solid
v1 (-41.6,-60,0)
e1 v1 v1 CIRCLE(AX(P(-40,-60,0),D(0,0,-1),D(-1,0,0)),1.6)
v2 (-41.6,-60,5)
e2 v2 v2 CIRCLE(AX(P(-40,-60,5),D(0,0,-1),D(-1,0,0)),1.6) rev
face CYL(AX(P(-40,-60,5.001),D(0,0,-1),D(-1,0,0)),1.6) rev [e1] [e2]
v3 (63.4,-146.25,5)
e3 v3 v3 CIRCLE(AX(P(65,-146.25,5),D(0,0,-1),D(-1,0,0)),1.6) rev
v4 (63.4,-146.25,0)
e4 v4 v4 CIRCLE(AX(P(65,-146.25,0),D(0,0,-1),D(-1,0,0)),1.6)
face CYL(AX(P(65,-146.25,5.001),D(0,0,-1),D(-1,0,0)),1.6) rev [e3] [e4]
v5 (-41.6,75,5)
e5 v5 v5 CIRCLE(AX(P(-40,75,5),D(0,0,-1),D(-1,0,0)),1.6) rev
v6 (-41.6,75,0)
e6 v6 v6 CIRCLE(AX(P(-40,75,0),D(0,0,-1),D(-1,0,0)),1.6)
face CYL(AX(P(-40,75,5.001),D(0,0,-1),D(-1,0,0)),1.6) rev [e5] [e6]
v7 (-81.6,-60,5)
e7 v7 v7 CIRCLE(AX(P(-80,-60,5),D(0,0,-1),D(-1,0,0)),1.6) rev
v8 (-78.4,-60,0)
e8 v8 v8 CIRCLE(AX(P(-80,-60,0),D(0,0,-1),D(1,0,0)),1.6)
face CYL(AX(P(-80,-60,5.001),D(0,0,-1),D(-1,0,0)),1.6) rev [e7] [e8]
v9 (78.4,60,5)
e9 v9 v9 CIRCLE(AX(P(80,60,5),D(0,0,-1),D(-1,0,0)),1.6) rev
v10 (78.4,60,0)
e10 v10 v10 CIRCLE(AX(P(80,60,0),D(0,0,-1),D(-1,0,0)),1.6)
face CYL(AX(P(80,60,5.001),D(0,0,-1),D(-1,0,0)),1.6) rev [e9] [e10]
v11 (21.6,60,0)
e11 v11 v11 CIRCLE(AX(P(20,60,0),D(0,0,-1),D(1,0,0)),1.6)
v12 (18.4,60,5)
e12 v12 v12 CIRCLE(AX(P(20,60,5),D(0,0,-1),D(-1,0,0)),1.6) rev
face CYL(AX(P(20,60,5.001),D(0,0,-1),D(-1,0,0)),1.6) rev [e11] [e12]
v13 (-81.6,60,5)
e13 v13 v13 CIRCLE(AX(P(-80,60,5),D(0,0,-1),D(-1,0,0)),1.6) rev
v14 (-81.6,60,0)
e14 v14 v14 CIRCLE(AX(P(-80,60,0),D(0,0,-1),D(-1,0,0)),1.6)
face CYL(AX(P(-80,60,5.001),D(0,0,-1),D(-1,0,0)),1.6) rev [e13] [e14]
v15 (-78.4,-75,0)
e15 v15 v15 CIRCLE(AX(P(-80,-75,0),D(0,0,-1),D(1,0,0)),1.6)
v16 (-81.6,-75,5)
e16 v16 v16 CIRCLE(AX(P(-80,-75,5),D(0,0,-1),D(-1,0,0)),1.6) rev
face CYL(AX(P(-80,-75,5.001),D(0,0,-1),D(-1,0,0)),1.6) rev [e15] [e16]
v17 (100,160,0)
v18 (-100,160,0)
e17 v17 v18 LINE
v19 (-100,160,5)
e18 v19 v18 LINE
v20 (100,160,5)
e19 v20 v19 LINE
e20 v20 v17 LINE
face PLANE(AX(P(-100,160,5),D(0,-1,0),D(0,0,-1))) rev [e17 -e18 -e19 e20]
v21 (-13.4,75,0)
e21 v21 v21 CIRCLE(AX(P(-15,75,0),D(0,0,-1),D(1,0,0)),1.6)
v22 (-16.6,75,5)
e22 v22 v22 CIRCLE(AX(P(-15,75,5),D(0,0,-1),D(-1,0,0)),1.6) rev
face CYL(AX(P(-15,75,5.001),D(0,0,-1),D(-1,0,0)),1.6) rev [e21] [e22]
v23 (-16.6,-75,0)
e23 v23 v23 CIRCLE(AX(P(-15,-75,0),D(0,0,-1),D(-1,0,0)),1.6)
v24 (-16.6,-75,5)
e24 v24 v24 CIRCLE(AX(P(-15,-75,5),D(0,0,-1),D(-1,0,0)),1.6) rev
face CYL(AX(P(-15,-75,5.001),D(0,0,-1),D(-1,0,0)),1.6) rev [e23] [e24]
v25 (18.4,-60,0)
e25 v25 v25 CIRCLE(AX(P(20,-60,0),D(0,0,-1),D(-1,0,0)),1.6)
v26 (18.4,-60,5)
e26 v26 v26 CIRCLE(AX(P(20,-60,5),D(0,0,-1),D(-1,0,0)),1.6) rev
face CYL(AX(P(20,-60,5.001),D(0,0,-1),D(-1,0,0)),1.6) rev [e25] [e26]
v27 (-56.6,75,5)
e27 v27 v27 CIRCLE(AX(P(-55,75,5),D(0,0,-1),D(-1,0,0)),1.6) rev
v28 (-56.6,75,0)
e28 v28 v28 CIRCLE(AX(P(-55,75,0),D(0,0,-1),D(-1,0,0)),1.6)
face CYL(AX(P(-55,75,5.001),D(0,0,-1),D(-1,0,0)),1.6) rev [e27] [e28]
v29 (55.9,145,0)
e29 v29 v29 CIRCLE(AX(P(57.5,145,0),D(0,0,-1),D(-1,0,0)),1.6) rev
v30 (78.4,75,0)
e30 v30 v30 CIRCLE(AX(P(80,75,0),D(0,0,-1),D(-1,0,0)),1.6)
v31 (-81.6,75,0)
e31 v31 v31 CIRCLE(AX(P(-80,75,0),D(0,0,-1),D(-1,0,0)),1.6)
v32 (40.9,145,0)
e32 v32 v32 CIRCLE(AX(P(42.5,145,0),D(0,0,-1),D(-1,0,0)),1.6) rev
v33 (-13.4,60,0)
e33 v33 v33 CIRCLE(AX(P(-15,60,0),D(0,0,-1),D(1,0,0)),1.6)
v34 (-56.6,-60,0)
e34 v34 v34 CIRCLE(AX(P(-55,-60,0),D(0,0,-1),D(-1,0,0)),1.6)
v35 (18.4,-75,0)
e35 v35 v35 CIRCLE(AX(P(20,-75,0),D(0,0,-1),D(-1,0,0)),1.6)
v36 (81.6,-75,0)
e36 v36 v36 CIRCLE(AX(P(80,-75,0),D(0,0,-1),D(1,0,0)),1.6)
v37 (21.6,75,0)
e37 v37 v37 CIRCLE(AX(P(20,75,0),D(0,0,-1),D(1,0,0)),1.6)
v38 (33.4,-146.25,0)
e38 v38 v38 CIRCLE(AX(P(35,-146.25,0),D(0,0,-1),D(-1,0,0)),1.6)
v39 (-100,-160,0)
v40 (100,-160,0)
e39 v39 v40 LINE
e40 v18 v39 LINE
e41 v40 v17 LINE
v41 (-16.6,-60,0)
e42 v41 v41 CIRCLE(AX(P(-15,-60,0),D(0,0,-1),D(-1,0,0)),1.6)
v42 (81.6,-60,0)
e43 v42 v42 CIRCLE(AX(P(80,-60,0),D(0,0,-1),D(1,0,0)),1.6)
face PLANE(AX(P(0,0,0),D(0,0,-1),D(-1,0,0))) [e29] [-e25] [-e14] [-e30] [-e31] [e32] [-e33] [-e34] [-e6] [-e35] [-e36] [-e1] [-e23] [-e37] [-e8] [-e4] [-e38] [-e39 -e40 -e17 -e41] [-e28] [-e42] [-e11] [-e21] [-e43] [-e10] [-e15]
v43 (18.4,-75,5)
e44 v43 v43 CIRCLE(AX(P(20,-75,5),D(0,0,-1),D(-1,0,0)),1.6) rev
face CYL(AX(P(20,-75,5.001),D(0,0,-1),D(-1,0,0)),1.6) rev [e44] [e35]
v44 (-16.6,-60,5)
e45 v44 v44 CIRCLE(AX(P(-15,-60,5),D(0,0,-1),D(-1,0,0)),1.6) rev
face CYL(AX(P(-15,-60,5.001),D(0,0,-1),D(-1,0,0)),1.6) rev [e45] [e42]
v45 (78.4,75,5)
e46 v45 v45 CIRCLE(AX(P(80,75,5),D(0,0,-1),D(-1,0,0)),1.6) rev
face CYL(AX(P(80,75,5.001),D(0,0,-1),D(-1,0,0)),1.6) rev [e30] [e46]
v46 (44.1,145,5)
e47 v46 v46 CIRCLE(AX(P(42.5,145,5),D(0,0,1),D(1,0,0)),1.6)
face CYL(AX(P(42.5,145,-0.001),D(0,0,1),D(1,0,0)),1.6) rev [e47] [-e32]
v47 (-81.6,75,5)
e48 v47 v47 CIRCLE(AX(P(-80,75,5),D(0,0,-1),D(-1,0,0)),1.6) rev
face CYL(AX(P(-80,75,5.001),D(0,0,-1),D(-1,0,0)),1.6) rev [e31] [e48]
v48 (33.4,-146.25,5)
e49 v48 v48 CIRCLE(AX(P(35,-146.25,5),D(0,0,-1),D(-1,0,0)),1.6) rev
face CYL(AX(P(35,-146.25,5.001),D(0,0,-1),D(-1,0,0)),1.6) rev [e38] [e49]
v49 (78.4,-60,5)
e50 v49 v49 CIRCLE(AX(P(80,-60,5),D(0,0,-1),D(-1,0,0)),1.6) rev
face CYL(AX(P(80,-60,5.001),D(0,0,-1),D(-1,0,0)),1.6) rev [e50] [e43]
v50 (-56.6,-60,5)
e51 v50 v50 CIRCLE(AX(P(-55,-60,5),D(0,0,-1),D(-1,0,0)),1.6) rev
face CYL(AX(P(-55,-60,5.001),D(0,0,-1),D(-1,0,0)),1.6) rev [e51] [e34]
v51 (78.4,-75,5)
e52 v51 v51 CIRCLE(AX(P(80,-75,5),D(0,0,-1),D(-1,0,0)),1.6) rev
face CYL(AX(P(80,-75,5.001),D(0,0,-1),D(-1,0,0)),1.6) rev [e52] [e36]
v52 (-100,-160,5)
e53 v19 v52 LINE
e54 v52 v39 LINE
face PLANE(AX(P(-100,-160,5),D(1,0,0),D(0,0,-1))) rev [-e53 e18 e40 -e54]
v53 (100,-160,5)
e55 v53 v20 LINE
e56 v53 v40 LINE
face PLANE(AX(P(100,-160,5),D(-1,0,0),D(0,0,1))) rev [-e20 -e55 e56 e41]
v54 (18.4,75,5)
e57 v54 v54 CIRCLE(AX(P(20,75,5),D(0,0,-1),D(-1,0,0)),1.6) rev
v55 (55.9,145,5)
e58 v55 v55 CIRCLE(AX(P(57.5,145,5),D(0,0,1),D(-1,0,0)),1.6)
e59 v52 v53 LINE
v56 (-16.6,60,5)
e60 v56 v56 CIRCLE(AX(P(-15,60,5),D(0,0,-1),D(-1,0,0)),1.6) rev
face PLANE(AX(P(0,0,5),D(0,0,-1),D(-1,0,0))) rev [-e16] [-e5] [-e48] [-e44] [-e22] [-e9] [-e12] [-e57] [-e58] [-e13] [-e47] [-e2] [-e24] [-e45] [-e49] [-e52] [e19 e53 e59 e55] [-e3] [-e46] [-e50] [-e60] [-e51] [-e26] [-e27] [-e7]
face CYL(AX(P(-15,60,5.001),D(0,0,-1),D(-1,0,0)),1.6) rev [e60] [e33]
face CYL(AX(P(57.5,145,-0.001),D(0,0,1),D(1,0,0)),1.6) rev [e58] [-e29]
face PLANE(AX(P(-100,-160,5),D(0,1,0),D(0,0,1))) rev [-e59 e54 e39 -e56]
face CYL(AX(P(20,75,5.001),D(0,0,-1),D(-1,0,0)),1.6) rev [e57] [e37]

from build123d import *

# Parameters (mm, degrees)
SKETCH1_W           = 200
SKETCH1_H           = 320
BOSS_EXTRUDE1_DEPTH = 5
CUT_EXTRUDE1_REACH  = 7
SKETCH2_R           = 1.6
CUT_EXTRUDE2_REACH  = 7
SKETCH3_R           = 1.6
CUT_EXTRUDE3_REACH  = 7
SKETCH4_R           = 1.6
CUT_EXTRUDE4_REACH  = 7
SKETCH5_R           = 1.6
CUT_EXTRUDE5_REACH  = 7
SKETCH6_R           = 1.6


with BuildPart() as part:
    # Sketch1 → Boss-Extrude1 (new body)
    with BuildSketch(Plane.XY):
        Rectangle(SKETCH1_W, SKETCH1_H)
    extrude(amount=BOSS_EXTRUDE1_DEPTH)

    # Sketch2 → Cut-Extrude1 (cut, up to next)
    with BuildSketch(Plane(origin=(0, 0, 0), x_dir=(-1, 0, 0), z_dir=(0, 0, -1)), mode=Mode.PRIVATE) as cut_extrude1_sk1:
        with Locations((-80, 75)):
            Circle(SKETCH2_R)
    cut_extrude1_tool1 = extrude(cut_extrude1_sk1.sketch, amount=-CUT_EXTRUDE1_REACH, mode=Mode.PRIVATE) & part.part
    add(cut_extrude1_tool1.solids().sort_by_distance((80, 75, 0))[0], mode=Mode.SUBTRACT)
    # Sketch2 → Cut-Extrude1 (cut, up to next)
    with BuildSketch(Plane(origin=(0, 0, 0), x_dir=(-1, 0, 0), z_dir=(0, 0, -1)), mode=Mode.PRIVATE) as cut_extrude1_sk2:
        with Locations((-80, 60)):
            Circle(SKETCH2_R)
    cut_extrude1_tool2 = extrude(cut_extrude1_sk2.sketch, amount=-CUT_EXTRUDE1_REACH, mode=Mode.PRIVATE) & part.part
    add(cut_extrude1_tool2.solids().sort_by_distance((80, 60, 0))[0], mode=Mode.SUBTRACT)
    # Sketch2 → Cut-Extrude1 (cut, up to next)
    with BuildSketch(Plane(origin=(0, 0, 0), x_dir=(-1, 0, 0), z_dir=(0, 0, -1)), mode=Mode.PRIVATE) as cut_extrude1_sk3:
        with Locations((-80, -60)):
            Circle(SKETCH2_R)
    cut_extrude1_tool3 = extrude(cut_extrude1_sk3.sketch, amount=-CUT_EXTRUDE1_REACH, mode=Mode.PRIVATE) & part.part
    add(cut_extrude1_tool3.solids().sort_by_distance((80, -60, 0))[0], mode=Mode.SUBTRACT)
    # Sketch2 → Cut-Extrude1 (cut, up to next)
    with BuildSketch(Plane(origin=(0, 0, 0), x_dir=(-1, 0, 0), z_dir=(0, 0, -1)), mode=Mode.PRIVATE) as cut_extrude1_sk4:
        with Locations((-80, -75)):
            Circle(SKETCH2_R)
    cut_extrude1_tool4 = extrude(cut_extrude1_sk4.sketch, amount=-CUT_EXTRUDE1_REACH, mode=Mode.PRIVATE) & part.part
    add(cut_extrude1_tool4.solids().sort_by_distance((80, -75, 0))[0], mode=Mode.SUBTRACT)
    # Sketch2 → Cut-Extrude1 (cut, up to next)
    with BuildSketch(Plane(origin=(0, 0, 0), x_dir=(-1, 0, 0), z_dir=(0, 0, -1)), mode=Mode.PRIVATE) as cut_extrude1_sk5:
        with Locations((-20, -75)):
            Circle(SKETCH2_R)
    cut_extrude1_tool5 = extrude(cut_extrude1_sk5.sketch, amount=-CUT_EXTRUDE1_REACH, mode=Mode.PRIVATE) & part.part
    add(cut_extrude1_tool5.solids().sort_by_distance((20, -75, 0))[0], mode=Mode.SUBTRACT)
    # Sketch2 → Cut-Extrude1 (cut, up to next)
    with BuildSketch(Plane(origin=(0, 0, 0), x_dir=(-1, 0, 0), z_dir=(0, 0, -1)), mode=Mode.PRIVATE) as cut_extrude1_sk6:
        with Locations((-20, -60)):
            Circle(SKETCH2_R)
    cut_extrude1_tool6 = extrude(cut_extrude1_sk6.sketch, amount=-CUT_EXTRUDE1_REACH, mode=Mode.PRIVATE) & part.part
    add(cut_extrude1_tool6.solids().sort_by_distance((20, -60, 0))[0], mode=Mode.SUBTRACT)
    # Sketch2 → Cut-Extrude1 (cut, up to next)
    with BuildSketch(Plane(origin=(0, 0, 0), x_dir=(-1, 0, 0), z_dir=(0, 0, -1)), mode=Mode.PRIVATE) as cut_extrude1_sk7:
        with Locations((-20, 60)):
            Circle(SKETCH2_R)
    cut_extrude1_tool7 = extrude(cut_extrude1_sk7.sketch, amount=-CUT_EXTRUDE1_REACH, mode=Mode.PRIVATE) & part.part
    add(cut_extrude1_tool7.solids().sort_by_distance((20, 60, 0))[0], mode=Mode.SUBTRACT)
    # Sketch2 → Cut-Extrude1 (cut, up to next)
    with BuildSketch(Plane(origin=(0, 0, 0), x_dir=(-1, 0, 0), z_dir=(0, 0, -1)), mode=Mode.PRIVATE) as cut_extrude1_sk8:
        with Locations((-20, 75)):
            Circle(SKETCH2_R)
    cut_extrude1_tool8 = extrude(cut_extrude1_sk8.sketch, amount=-CUT_EXTRUDE1_REACH, mode=Mode.PRIVATE) & part.part
    add(cut_extrude1_tool8.solids().sort_by_distance((20, 75, 0))[0], mode=Mode.SUBTRACT)

    # Sketch3 → Cut-Extrude2 (cut, up to next)
    with BuildSketch(Plane(origin=(0, 0, 0), x_dir=(-1, 0, 0), z_dir=(0, 0, -1)), mode=Mode.PRIVATE) as cut_extrude2_sk1:
        with Locations((80, 75)):
            Circle(SKETCH3_R)
    cut_extrude2_tool1 = extrude(cut_extrude2_sk1.sketch, amount=-CUT_EXTRUDE2_REACH, mode=Mode.PRIVATE) & part.part
    add(cut_extrude2_tool1.solids().sort_by_distance((-80, 75, 0))[0], mode=Mode.SUBTRACT)
    # Sketch3 → Cut-Extrude2 (cut, up to next)
    with BuildSketch(Plane(origin=(0, 0, 0), x_dir=(-1, 0, 0), z_dir=(0, 0, -1)), mode=Mode.PRIVATE) as cut_extrude2_sk2:
        with Locations((80, 60)):
            Circle(SKETCH3_R)
    cut_extrude2_tool2 = extrude(cut_extrude2_sk2.sketch, amount=-CUT_EXTRUDE2_REACH, mode=Mode.PRIVATE) & part.part
    add(cut_extrude2_tool2.solids().sort_by_distance((-80, 60, 0))[0], mode=Mode.SUBTRACT)
    # Sketch3 → Cut-Extrude2 (cut, up to next)
    with BuildSketch(Plane(origin=(0, 0, 0), x_dir=(-1, 0, 0), z_dir=(0, 0, -1)), mode=Mode.PRIVATE) as cut_extrude2_sk3:
        with Locations((80, -60)):
            Circle(SKETCH3_R)
    cut_extrude2_tool3 = extrude(cut_extrude2_sk3.sketch, amount=-CUT_EXTRUDE2_REACH, mode=Mode.PRIVATE) & part.part
    add(cut_extrude2_tool3.solids().sort_by_distance((-80, -60, 0))[0], mode=Mode.SUBTRACT)
    # Sketch3 → Cut-Extrude2 (cut, up to next)
    with BuildSketch(Plane(origin=(0, 0, 0), x_dir=(-1, 0, 0), z_dir=(0, 0, -1)), mode=Mode.PRIVATE) as cut_extrude2_sk4:
        with Locations((80, -75)):
            Circle(SKETCH3_R)
    cut_extrude2_tool4 = extrude(cut_extrude2_sk4.sketch, amount=-CUT_EXTRUDE2_REACH, mode=Mode.PRIVATE) & part.part
    add(cut_extrude2_tool4.solids().sort_by_distance((-80, -75, 0))[0], mode=Mode.SUBTRACT)
    # Sketch3 → Cut-Extrude2 (cut, up to next)
    with BuildSketch(Plane(origin=(0, 0, 0), x_dir=(-1, 0, 0), z_dir=(0, 0, -1)), mode=Mode.PRIVATE) as cut_extrude2_sk5:
        with Locations((15, 60)):
            Circle(SKETCH3_R)
    cut_extrude2_tool5 = extrude(cut_extrude2_sk5.sketch, amount=-CUT_EXTRUDE2_REACH, mode=Mode.PRIVATE) & part.part
    add(cut_extrude2_tool5.solids().sort_by_distance((-15, 60, 0))[0], mode=Mode.SUBTRACT)
    # Sketch3 → Cut-Extrude2 (cut, up to next)
    with BuildSketch(Plane(origin=(0, 0, 0), x_dir=(-1, 0, 0), z_dir=(0, 0, -1)), mode=Mode.PRIVATE) as cut_extrude2_sk6:
        with Locations((15, -75)):
            Circle(SKETCH3_R)
    cut_extrude2_tool6 = extrude(cut_extrude2_sk6.sketch, amount=-CUT_EXTRUDE2_REACH, mode=Mode.PRIVATE) & part.part
    add(cut_extrude2_tool6.solids().sort_by_distance((-15, -75, 0))[0], mode=Mode.SUBTRACT)
    # Sketch3 → Cut-Extrude2 (cut, up to next)
    with BuildSketch(Plane(origin=(0, 0, 0), x_dir=(-1, 0, 0), z_dir=(0, 0, -1)), mode=Mode.PRIVATE) as cut_extrude2_sk7:
        with Locations((15, -60)):
            Circle(SKETCH3_R)
    cut_extrude2_tool7 = extrude(cut_extrude2_sk7.sketch, amount=-CUT_EXTRUDE2_REACH, mode=Mode.PRIVATE) & part.part
    add(cut_extrude2_tool7.solids().sort_by_distance((-15, -60, 0))[0], mode=Mode.SUBTRACT)
    # Sketch3 → Cut-Extrude2 (cut, up to next)
    with BuildSketch(Plane(origin=(0, 0, 0), x_dir=(-1, 0, 0), z_dir=(0, 0, -1)), mode=Mode.PRIVATE) as cut_extrude2_sk8:
        with Locations((15, 75)):
            Circle(SKETCH3_R)
    cut_extrude2_tool8 = extrude(cut_extrude2_sk8.sketch, amount=-CUT_EXTRUDE2_REACH, mode=Mode.PRIVATE) & part.part
    add(cut_extrude2_tool8.solids().sort_by_distance((-15, 75, 0))[0], mode=Mode.SUBTRACT)

    # Sketch4 → Cut-Extrude3 (cut, up to next)
    with BuildSketch(Plane.XY.offset(5), mode=Mode.PRIVATE) as cut_extrude3_sk1:
        with Locations((42.5, 145)):
            Circle(SKETCH4_R)
    cut_extrude3_tool1 = extrude(cut_extrude3_sk1.sketch, amount=-CUT_EXTRUDE3_REACH, mode=Mode.PRIVATE) & part.part
    add(cut_extrude3_tool1.solids().sort_by_distance((42.5, 145, 5))[0], mode=Mode.SUBTRACT)
    # Sketch4 → Cut-Extrude3 (cut, up to next)
    with BuildSketch(Plane.XY.offset(5), mode=Mode.PRIVATE) as cut_extrude3_sk2:
        with Locations((57.5, 145)):
            Circle(SKETCH4_R)
    cut_extrude3_tool2 = extrude(cut_extrude3_sk2.sketch, amount=-CUT_EXTRUDE3_REACH, mode=Mode.PRIVATE) & part.part
    add(cut_extrude3_tool2.solids().sort_by_distance((57.5, 145, 5))[0], mode=Mode.SUBTRACT)

    # Sketch5 → Cut-Extrude4 (cut, up to next)
    with BuildSketch(Plane(origin=(0, 0, 0), x_dir=(-1, 0, 0), z_dir=(0, 0, -1)), mode=Mode.PRIVATE) as cut_extrude4_sk1:
        with Locations((40, 75)):
            Circle(SKETCH5_R)
    cut_extrude4_tool1 = extrude(cut_extrude4_sk1.sketch, amount=-CUT_EXTRUDE4_REACH, mode=Mode.PRIVATE) & part.part
    add(cut_extrude4_tool1.solids().sort_by_distance((-40, 75, 0))[0], mode=Mode.SUBTRACT)
    # Sketch5 → Cut-Extrude4 (cut, up to next)
    with BuildSketch(Plane(origin=(0, 0, 0), x_dir=(-1, 0, 0), z_dir=(0, 0, -1)), mode=Mode.PRIVATE) as cut_extrude4_sk2:
        with Locations((55, 75)):
            Circle(SKETCH5_R)
    cut_extrude4_tool2 = extrude(cut_extrude4_sk2.sketch, amount=-CUT_EXTRUDE4_REACH, mode=Mode.PRIVATE) & part.part
    add(cut_extrude4_tool2.solids().sort_by_distance((-55, 75, 0))[0], mode=Mode.SUBTRACT)
    # Sketch5 → Cut-Extrude4 (cut, up to next)
    with BuildSketch(Plane(origin=(0, 0, 0), x_dir=(-1, 0, 0), z_dir=(0, 0, -1)), mode=Mode.PRIVATE) as cut_extrude4_sk3:
        with Locations((40, -60)):
            Circle(SKETCH5_R)
    cut_extrude4_tool3 = extrude(cut_extrude4_sk3.sketch, amount=-CUT_EXTRUDE4_REACH, mode=Mode.PRIVATE) & part.part
    add(cut_extrude4_tool3.solids().sort_by_distance((-40, -60, 0))[0], mode=Mode.SUBTRACT)
    # Sketch5 → Cut-Extrude4 (cut, up to next)
    with BuildSketch(Plane(origin=(0, 0, 0), x_dir=(-1, 0, 0), z_dir=(0, 0, -1)), mode=Mode.PRIVATE) as cut_extrude4_sk4:
        with Locations((55, -60)):
            Circle(SKETCH5_R)
    cut_extrude4_tool4 = extrude(cut_extrude4_sk4.sketch, amount=-CUT_EXTRUDE4_REACH, mode=Mode.PRIVATE) & part.part
    add(cut_extrude4_tool4.solids().sort_by_distance((-55, -60, 0))[0], mode=Mode.SUBTRACT)

    # Sketch6 → Cut-Extrude5 (cut, up to next)
    with BuildSketch(Plane(origin=(0, 0, 0), x_dir=(-1, 0, 0), z_dir=(0, 0, -1)), mode=Mode.PRIVATE) as cut_extrude5_sk1:
        with Locations((-65, -146.25)):
            Circle(SKETCH6_R)
    cut_extrude5_tool1 = extrude(cut_extrude5_sk1.sketch, amount=-CUT_EXTRUDE5_REACH, mode=Mode.PRIVATE) & part.part
    add(cut_extrude5_tool1.solids().sort_by_distance((65, -146.25, 0))[0], mode=Mode.SUBTRACT)
    # Sketch6 → Cut-Extrude5 (cut, up to next)
    with BuildSketch(Plane(origin=(0, 0, 0), x_dir=(-1, 0, 0), z_dir=(0, 0, -1)), mode=Mode.PRIVATE) as cut_extrude5_sk2:
        with Locations((-35, -146.25)):
            Circle(SKETCH6_R)
    cut_extrude5_tool2 = extrude(cut_extrude5_sk2.sketch, amount=-CUT_EXTRUDE5_REACH, mode=Mode.PRIVATE) & part.part
    add(cut_extrude5_tool2.solids().sort_by_distance((35, -146.25, 0))[0], mode=Mode.SUBTRACT)


solid = part.part
